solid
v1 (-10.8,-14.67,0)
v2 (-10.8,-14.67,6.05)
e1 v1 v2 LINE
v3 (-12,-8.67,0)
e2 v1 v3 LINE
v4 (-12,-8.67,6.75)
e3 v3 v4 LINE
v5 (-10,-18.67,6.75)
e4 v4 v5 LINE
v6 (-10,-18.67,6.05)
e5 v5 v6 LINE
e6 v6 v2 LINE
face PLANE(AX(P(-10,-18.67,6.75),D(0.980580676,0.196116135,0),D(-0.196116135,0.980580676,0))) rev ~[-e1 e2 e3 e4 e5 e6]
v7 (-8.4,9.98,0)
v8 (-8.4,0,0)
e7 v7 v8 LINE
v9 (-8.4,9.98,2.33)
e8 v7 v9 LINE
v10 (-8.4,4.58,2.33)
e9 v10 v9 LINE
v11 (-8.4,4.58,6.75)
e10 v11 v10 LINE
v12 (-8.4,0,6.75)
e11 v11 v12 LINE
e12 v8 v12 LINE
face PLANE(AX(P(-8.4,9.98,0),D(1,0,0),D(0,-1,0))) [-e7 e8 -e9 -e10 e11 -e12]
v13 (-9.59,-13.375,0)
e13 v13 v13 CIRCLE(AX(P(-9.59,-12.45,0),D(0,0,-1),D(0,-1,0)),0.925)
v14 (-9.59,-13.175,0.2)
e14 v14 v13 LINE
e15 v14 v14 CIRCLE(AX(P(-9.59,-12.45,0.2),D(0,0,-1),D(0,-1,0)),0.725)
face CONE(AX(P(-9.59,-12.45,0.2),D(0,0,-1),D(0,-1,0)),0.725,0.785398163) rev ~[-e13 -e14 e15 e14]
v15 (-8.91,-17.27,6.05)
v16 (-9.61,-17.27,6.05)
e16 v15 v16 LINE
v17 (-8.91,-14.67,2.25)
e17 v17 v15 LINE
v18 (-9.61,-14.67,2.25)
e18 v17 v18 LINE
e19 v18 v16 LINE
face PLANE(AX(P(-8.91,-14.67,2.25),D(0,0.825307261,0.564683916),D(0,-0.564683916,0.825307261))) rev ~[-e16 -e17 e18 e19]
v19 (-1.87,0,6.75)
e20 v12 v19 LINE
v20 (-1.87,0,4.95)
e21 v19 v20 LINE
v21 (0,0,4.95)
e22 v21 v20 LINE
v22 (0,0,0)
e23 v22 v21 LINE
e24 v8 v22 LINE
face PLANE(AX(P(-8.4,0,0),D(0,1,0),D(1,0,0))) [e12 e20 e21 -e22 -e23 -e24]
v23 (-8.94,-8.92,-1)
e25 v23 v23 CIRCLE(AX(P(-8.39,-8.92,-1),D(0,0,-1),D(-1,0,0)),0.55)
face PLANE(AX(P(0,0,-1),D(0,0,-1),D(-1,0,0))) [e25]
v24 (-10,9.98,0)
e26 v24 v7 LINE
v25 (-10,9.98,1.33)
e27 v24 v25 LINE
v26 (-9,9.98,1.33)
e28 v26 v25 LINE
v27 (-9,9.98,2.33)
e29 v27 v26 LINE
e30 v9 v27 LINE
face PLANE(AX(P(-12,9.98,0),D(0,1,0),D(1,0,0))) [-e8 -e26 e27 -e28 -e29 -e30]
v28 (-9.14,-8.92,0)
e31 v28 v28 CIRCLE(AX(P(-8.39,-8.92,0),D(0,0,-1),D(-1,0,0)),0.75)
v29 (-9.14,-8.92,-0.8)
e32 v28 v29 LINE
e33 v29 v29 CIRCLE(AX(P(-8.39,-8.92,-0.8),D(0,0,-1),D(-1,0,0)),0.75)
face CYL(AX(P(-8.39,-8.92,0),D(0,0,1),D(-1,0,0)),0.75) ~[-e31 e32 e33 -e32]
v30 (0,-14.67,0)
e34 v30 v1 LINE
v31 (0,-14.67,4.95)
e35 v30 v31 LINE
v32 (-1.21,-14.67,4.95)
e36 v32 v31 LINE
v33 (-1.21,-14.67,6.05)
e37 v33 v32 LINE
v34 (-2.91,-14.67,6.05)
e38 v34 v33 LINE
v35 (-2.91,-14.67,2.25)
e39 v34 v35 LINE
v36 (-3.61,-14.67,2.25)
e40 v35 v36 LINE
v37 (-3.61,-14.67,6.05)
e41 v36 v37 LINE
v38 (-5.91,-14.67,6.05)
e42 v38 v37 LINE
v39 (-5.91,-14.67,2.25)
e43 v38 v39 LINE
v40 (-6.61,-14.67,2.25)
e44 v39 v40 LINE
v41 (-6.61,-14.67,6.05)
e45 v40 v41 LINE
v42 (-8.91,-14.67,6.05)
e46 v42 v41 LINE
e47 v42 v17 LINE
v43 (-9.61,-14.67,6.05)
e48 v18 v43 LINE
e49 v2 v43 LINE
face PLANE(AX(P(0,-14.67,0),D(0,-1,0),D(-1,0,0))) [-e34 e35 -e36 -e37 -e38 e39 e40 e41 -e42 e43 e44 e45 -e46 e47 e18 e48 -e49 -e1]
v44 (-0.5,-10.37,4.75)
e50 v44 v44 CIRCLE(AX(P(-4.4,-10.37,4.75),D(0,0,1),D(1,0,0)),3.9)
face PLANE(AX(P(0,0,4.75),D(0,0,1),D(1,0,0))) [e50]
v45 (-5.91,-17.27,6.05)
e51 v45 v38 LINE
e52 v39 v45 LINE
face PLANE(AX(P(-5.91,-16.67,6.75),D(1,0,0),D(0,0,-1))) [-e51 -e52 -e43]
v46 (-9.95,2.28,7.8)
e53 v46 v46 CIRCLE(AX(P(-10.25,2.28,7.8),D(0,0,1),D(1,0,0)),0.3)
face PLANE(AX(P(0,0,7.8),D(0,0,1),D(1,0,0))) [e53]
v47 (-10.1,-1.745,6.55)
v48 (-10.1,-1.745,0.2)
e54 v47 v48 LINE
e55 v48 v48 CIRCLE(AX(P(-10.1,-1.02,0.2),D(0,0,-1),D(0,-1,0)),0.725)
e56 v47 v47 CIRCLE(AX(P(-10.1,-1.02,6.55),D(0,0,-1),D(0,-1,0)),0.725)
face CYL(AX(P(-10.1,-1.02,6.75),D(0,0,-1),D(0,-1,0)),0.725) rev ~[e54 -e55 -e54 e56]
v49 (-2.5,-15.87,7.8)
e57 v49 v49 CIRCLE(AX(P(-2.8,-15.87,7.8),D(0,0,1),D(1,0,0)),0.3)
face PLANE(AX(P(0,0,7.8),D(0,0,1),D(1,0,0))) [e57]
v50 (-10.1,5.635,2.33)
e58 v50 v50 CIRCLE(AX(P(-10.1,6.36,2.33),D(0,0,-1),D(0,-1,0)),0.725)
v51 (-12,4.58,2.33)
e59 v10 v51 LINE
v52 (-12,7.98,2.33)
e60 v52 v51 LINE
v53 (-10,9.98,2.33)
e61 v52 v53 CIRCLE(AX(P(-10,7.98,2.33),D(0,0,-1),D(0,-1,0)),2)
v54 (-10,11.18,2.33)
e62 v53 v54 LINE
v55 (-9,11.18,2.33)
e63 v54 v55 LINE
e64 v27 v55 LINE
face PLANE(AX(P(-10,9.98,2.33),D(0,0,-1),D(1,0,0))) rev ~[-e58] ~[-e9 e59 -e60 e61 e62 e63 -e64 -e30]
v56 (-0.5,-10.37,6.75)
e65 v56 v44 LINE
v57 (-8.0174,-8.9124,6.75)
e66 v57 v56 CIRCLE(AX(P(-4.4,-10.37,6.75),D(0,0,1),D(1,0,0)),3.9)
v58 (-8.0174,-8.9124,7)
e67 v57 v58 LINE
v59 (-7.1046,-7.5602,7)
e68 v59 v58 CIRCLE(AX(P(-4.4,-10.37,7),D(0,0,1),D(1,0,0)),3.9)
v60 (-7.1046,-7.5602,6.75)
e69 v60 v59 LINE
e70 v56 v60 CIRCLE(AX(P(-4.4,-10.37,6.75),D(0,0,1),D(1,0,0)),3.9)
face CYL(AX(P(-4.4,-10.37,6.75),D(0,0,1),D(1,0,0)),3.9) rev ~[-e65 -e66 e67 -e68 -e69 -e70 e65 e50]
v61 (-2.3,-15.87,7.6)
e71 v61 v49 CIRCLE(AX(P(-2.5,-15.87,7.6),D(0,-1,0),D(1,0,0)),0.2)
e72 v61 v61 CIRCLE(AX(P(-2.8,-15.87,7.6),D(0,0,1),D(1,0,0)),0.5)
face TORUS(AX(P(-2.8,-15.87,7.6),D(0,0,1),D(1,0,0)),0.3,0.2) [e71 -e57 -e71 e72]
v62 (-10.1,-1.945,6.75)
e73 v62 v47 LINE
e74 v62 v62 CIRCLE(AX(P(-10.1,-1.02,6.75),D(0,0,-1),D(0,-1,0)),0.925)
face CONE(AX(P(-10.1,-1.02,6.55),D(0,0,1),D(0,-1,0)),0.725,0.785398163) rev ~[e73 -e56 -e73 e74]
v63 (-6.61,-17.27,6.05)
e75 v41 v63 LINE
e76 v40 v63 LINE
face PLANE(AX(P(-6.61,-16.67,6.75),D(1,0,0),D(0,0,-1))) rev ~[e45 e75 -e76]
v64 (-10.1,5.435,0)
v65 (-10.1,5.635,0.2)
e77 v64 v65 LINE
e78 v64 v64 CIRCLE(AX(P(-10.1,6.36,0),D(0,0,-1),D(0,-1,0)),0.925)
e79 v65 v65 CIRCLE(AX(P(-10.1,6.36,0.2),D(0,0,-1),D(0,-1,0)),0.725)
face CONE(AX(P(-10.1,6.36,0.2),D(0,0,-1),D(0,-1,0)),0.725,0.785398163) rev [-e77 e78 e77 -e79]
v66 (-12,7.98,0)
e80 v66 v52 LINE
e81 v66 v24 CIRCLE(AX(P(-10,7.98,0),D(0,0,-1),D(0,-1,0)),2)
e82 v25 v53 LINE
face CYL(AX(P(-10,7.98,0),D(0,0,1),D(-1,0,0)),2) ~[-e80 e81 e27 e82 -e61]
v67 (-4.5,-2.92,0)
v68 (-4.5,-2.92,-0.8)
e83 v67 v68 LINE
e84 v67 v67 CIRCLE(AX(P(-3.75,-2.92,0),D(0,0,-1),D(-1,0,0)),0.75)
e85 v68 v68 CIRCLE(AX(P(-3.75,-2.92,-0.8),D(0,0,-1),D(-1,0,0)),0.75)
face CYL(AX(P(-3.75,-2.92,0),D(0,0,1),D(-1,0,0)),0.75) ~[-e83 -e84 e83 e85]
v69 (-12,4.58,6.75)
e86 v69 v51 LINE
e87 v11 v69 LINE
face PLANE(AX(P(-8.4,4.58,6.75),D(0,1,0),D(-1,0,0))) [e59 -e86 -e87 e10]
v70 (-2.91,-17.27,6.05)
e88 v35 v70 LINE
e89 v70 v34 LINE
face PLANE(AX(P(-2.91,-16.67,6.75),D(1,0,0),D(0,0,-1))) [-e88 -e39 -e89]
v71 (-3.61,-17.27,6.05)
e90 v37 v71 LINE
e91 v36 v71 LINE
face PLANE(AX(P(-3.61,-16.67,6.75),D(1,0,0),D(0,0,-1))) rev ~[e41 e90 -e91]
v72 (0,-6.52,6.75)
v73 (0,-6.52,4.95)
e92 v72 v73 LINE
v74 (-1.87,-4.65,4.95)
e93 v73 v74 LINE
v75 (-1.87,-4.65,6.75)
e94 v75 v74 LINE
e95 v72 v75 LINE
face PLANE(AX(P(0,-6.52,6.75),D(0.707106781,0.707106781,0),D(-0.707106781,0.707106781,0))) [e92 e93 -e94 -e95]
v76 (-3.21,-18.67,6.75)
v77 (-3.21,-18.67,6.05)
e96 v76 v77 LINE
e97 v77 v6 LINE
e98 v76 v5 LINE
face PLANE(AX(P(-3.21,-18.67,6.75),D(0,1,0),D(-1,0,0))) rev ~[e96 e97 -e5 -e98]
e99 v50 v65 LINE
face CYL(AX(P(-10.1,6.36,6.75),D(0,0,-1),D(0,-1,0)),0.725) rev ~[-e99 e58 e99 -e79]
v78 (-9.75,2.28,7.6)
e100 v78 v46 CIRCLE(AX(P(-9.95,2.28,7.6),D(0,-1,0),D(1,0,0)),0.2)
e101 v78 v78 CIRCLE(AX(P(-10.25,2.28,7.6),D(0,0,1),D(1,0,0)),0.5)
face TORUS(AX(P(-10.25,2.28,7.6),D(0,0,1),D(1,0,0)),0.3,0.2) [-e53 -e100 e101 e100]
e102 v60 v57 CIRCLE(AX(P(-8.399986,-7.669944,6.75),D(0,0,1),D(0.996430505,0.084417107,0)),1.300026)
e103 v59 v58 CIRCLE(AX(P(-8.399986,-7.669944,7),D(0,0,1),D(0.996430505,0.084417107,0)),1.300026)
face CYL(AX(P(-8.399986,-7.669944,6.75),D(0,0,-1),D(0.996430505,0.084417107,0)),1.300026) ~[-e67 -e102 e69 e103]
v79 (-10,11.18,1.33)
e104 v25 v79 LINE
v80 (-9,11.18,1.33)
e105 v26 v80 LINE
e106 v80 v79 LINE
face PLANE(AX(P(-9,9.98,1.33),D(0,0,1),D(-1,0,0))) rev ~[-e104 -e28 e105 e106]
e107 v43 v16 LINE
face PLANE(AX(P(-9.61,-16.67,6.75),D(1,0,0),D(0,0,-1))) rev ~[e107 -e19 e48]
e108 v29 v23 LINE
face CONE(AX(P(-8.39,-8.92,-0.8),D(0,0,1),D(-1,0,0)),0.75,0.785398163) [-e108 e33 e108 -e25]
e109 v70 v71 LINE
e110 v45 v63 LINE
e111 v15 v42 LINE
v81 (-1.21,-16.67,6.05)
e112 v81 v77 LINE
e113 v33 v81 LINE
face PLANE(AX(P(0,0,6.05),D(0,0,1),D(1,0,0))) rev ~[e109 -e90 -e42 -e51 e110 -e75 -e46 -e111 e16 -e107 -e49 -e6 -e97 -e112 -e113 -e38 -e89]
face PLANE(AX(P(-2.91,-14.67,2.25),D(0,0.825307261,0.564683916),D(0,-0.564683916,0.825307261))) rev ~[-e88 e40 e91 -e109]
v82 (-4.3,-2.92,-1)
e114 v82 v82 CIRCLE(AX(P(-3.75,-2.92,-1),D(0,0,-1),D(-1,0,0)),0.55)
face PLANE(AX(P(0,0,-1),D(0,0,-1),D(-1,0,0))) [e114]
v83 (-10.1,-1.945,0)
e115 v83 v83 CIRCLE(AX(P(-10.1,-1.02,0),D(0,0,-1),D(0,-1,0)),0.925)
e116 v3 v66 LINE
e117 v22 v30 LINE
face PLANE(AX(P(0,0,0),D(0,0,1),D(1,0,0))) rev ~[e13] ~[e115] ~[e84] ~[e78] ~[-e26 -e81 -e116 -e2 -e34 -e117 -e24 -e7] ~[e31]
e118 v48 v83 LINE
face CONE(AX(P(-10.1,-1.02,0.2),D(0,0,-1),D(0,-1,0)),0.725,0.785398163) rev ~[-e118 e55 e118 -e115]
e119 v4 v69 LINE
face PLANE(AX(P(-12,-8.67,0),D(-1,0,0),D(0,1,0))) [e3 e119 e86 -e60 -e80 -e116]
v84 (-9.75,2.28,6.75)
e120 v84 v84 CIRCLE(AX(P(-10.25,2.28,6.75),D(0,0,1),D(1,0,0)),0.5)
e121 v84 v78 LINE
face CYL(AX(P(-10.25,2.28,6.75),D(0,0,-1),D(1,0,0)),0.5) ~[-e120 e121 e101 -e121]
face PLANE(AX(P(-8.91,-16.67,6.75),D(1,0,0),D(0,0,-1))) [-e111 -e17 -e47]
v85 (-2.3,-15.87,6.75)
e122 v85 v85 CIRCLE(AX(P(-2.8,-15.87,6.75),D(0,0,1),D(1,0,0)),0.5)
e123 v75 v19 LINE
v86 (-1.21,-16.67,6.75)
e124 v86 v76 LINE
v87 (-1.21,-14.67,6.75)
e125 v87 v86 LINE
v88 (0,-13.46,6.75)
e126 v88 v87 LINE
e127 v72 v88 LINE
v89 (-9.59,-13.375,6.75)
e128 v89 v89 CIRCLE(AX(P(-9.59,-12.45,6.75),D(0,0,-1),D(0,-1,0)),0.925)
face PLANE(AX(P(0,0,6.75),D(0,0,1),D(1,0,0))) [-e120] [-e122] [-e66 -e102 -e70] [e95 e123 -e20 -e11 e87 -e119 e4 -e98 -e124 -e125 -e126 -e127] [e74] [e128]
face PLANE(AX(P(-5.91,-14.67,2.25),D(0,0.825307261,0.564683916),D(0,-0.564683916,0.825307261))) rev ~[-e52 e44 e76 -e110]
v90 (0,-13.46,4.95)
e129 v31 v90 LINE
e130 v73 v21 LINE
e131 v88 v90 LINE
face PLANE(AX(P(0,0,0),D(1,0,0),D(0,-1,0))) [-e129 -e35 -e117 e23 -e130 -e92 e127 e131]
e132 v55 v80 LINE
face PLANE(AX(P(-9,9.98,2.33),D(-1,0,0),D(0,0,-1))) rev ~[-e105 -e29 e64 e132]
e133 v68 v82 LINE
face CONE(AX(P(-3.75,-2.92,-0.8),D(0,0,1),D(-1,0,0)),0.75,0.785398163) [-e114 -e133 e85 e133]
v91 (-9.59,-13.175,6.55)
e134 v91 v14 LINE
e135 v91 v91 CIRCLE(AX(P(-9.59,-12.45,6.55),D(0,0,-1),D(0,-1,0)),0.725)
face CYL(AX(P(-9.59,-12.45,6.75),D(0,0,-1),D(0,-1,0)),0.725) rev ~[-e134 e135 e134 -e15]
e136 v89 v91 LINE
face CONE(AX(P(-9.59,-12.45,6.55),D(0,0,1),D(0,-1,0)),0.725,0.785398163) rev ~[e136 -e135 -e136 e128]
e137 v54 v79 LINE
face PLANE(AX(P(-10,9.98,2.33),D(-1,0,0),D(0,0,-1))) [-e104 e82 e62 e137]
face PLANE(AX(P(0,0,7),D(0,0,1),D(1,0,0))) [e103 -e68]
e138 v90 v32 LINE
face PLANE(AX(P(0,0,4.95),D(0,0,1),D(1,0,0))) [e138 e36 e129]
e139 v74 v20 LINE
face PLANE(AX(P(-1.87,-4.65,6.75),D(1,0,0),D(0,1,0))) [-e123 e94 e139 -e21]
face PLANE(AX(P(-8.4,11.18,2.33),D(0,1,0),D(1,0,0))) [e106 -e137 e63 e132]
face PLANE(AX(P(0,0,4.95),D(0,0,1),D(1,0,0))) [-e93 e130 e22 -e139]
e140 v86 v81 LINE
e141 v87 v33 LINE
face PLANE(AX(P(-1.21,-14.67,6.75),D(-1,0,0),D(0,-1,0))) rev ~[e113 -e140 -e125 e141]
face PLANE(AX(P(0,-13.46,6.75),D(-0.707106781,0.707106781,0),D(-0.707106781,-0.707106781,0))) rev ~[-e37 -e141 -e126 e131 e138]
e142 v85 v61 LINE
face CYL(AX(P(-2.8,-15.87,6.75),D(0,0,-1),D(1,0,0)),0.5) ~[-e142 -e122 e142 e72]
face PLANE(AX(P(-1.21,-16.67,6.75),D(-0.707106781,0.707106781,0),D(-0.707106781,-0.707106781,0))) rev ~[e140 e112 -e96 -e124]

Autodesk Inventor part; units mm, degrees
ref_plane "YZ Plane" through (0, 0, 0) normal (1, 0, 0) x (0, 1, 0)
ref_plane "XZ Plane" through (0, 0, 0) normal (0, 1, 0) x (-1, 0, 0)
ref_plane "XY Plane" through (0, 0, 0) normal (0, 0, 1) x (1, 0, 0)
sketch "Sketch1" plane through (0, 0, 0) normal (0, 0, 1) x (1, 0, 0)
  line L0 (0, 0) -> (0, -14.67)
  line L1 (0, -14.67) -> (-10.8, -14.67)
  line L2 (-10.8, -14.67) -> (-12, -8.67)
  line L3 (-12, -8.67) -> (-12, 9.98)
  line L4 (-12, 9.98) -> (-8.4, 9.98)
  line L5 (-8.4, 9.98) -> (-8.4, 0)
  line L6 (-8.4, 0) -> (0, 0)
  dimension "d0" = 24.65
  dimension "d1" = 6
  dimension "d2" = 12
  dimension "d3" = 8.4
  dimension "d4" = 14.67
  dimension "d5" = 10.8
extrude "Extrusion1" add sketch "Sketch1" along normal blind 6.75
sketch "Sketch2" plane through (0, 0, 6.75) normal (0, 0, 1) x (1, 0, 0)
  line L0 (0, -14.67) -> (0, 0) projected
  line L1 (0, 0) -> (-8.4, 0) projected
  line L2 (-8.4, 0) -> (-8.4, 9.98) projected
  line L3 (-8.4, 9.98) -> (-12, 9.98) projected
  line L4 (-12, 9.98) -> (-12, -8.67) projected
  line L5 (-12, -8.67) -> (-10.8, -14.67) projected
  line L6 (-10.8, -14.67) -> (0, -14.67) projected
  line L7 (-12, 9.98) -> (-8.4, 9.98)
  line L8 (-8.4, 9.98) -> (-8.4, 4.58)
  line L9 (-8.4, 4.58) -> (-12, 4.58)
  line L10 (-12, 4.58) -> (-12, 9.98)
  dimension "d8" = 5.4
extrude "Extrusion2" cut sketch "Sketch2" against normal blind 4.42 contours L9 L4 L3 L2
fillet "Fillet1" radius 2 1 edges at (-12, 9.98, 1.165)
sketch "Sketch3" plane through (0, 0, 6.75) normal (0, 0, 1) x (1, 0, 0)
  line L0 (-12, 4.58) -> (-12, -8.67) projected
  line L1 (-10.8, -14.67) -> (0, -14.67) projected
  line L2 (-8.4, 4.58) -> (-12, 4.58) projected
  point P0 (0, 0)
  point P1 (-9.59, -12.45)
  point P2 (-10.1, -1.02)
  point P3 (-10.1, 6.36)
  dimension "d13" = 1.9
  dimension "d14" = 1.9
  dimension "d15" = 2.22
  dimension "d26" = 5.6
  dimension "d27" = 1.78
  dimension "d28" = 1.21
hole "Hole1" at (-9.59, -12.45, 6.75) at (-10.1, -1.02, 6.75) at (-10.1, 6.36, 6.75) direction (0, 0, -1) diameter 1.45 end through all
sketch "Sketch4" plane through (0, 0, 6.75) normal (0, 0, 1) x (1, 0, 0)
  line L0 (0, -14.67) -> (0, 0) projected
  line L1 (0, -6.52) -> (-1.87, -4.65)
  line L2 (-1.87, -4.65) -> (-1.87, 0)
  line L3 (0, 0) -> (-8.4, 0) projected
  line L4 (0, -13.46) -> (-1.21, -14.67)
  line L5 (-10.8, -14.67) -> (0, -14.67) projected
  dimension "d29" = 1.87
  dimension "d30" = 135
  dimension "d31" = 1.21
  dimension "d32" = 1.21
  dimension "d34" = 4.65
extrude "Extrusion3" cut sketch "Sketch4" against normal blind 1.8
sketch "Sketch5" plane through (0, 0, 6.75) normal (0, 0, 1) x (1, 0, 0)
  line L0 (-10.8, -14.67) -> (-1.21, -14.67) projected
  line L1 (-1.21, -14.67) -> (-1.21, -16.67)
  line L2 (-1.21, -16.67) -> (-3.21, -18.67)
  line L3 (-3.21, -18.67) -> (-10, -18.67)
  line L4 (-12, -8.67) -> (-10.8, -14.67) projected
  line L5 (-10, -18.67) -> (-10.8, -14.67)
  point P0 (0, 0)
  dimension "d37" = 4
  dimension "d38" = 135
  dimension "d39" = 2
extrude "Extrusion4" add sketch "Sketch5" against normal blind 0.7
ref_plane "Work Plane1" through (-2.91, -16.67, 6.75) normal (1, 0, 0) x (0, 0, -1)
sketch "Sketch6" plane through (-2.91, -16.67, 6.75) normal (1, 0, 0) x (0, 0, -1)
  line L0 (0.7, 2) -> (0.7, -0.6)
  line L1 (0.7, 2) -> (0.7, 0)
  line L2 (0.7, 2) -> (4.5, 2)
  line L3 (4.5, 2) -> (0.7, -0.6)
  line L4 (0.7, 2) -> (0.7, 0) projected
  line L5 (6.75, 2) -> (1.8, 2) projected
  point P0 (6.75, 16.87)
  dimension "d42" = 3.8
  dimension "d43" = 2.6
extrude "Extrusion5" add sketch "Sketch6" against normal blind 0.7
pattern_linear "Rectangular Pattern1" count 3 spacing 3 along (-1, 0, 0) of "Extrusion5"
sketch "Sketch7" plane through (0, 0, 6.75) normal (0, 0, 1) x (1, 0, 0)
  circle A0 centre (-2.8, -15.87) radius 0.5
  circle A1 centre (-10.25, 2.28) radius 0.5
  line L0 (-12, 4.58) -> (-12, -8.67) projected
  line L1 (-8.4, 4.58) -> (-12, 4.58) projected
  line L2 (-1.21, -14.67) -> (-1.21, -16.67) projected
  line L3 (0, -14.67) -> (-1.21, -14.67) projected
  line L4 (-3.21, -18.67) -> (-10, -18.67) projected
  line L5 (0, -13.46) -> (0, -6.52) projected
  point P0 (0, 0)
  dimension "d50" = 1
  dimension "d51" = 1
  dimension "d85" = 1.25
  dimension "d86" = 1.8
  dimension "d87" = 2.3
  dimension "d88" = 2.3
extrude "Extrusion6" add sketch "Sketch7" along normal blind 1.05
fillet "Fillet2" radius 0.2 2 edges at (-3.3, -15.87, 7.8) (-10.75, 2.28, 7.8)
sketch "Sketch8" plane through (0, 0, 6.75) normal (0, 0, 1) x (1, 0, 0)
  circle A0 centre (-4.4, -10.37) radius 3.9
  line L0 (0, -13.46) -> (0, -6.52) projected
  line L1 (-3.21, -18.67) -> (-10, -18.67) projected
  point P0 (0, 0)
  dimension "d59" = 7.8
  dimension "d60" = 0.5
  dimension "d61" = 4.4
extrude "Extrusion7" cut sketch "Sketch8" against normal blind 2
chamfer "Chamfer1" distance 0.2 angle 45 5 edges at (-9.59, -11.725, 0) (-10.1, -0.295, 0) (-10.1, 7.085, 0) (-9.59, -11.725, 6.75) (-10.1, -0.295, 6.75)
sketch "Sketch9" plane through (0, 0, 0) normal (0, 0, -1) x (-1, 0, 0)
  circle A0 centre (3.75, -2.92) radius 0.75
  circle A1 centre (8.39, -8.92) radius 0.75
  line L0 (0, 0) -> (0, -14.67) projected
  line L1 (0, -14.67) -> (10.8, -14.67) projected
  line L2 (12, -8.67) -> (12, 7.98) projected
  dimension "d67" = 1.5
  dimension "d68" = 1.5
  dimension "d69" = 3
  dimension "d70" = 11
  dimension "d71" = 5
  dimension "d72" = 2.86
extrude "Extrusion8" add sketch "Sketch9" along normal blind 1
chamfer "Chamfer2" distance 0.2 angle 45 2 edges at (-7.64, -8.92, -1) (-3, -2.92, -1)
sketch "Sketch10" plane through (-8.4, 9.98, 2.33) normal (0, 1, 0) x (1, 0, 0)
  line L0 (-1.6, 0) -> (-1.6, 2.33) projected
  line L1 (-1.6, 0) -> (0, 0) projected
  line L2 (0, 2.33) -> (0, 0) projected
  line L3 (-1.6, 2.33) -> (0, 2.33) projected
  line L4 (-1.6, 0) -> (-0.6, 0)
  line L5 (-0.6, 0) -> (-0.6, 1)
  line L6 (-0.6, 1) -> (-1.6, 1)
  line L7 (-1.6, 1) -> (-1.6, 0)
  point P0 (8.4, 2.33)
  dimension "d78" = 1
  dimension "d79" = 1
extrude "Extrusion9" add sketch "Sketch10" along normal blind 1.2 contours L0 L6 L5 L1
sketch "Sketch11" plane through (0, 0, 6.75) normal (0, 0, 1) x (1, 0, 0)
  arc A0 (-7.1046, -7.5602) -> (-8.0174, -8.9124) centre (-8.4, -7.67) ccw
  circle A1 centre (-4.4, -10.37) radius 3.9 projected
  line L0 (-3.21, -18.67) -> (-10, -18.67) projected
  line L1 (-12, 4.58) -> (-12, -8.67) projected
  point P0 (0, 0)
  dimension "d82" = 9.7
  dimension "d83" = 2.3
  dimension "d84" = 2.6
extrude "Extrusion10" add sketch "Sketch11" along normal blind 0.25 contours A1 A0
equation "\"d14\" = d13"
equation "\"d32\" = d31"
equation "\"d68\" = d67"
properties part number "J024 mount"
